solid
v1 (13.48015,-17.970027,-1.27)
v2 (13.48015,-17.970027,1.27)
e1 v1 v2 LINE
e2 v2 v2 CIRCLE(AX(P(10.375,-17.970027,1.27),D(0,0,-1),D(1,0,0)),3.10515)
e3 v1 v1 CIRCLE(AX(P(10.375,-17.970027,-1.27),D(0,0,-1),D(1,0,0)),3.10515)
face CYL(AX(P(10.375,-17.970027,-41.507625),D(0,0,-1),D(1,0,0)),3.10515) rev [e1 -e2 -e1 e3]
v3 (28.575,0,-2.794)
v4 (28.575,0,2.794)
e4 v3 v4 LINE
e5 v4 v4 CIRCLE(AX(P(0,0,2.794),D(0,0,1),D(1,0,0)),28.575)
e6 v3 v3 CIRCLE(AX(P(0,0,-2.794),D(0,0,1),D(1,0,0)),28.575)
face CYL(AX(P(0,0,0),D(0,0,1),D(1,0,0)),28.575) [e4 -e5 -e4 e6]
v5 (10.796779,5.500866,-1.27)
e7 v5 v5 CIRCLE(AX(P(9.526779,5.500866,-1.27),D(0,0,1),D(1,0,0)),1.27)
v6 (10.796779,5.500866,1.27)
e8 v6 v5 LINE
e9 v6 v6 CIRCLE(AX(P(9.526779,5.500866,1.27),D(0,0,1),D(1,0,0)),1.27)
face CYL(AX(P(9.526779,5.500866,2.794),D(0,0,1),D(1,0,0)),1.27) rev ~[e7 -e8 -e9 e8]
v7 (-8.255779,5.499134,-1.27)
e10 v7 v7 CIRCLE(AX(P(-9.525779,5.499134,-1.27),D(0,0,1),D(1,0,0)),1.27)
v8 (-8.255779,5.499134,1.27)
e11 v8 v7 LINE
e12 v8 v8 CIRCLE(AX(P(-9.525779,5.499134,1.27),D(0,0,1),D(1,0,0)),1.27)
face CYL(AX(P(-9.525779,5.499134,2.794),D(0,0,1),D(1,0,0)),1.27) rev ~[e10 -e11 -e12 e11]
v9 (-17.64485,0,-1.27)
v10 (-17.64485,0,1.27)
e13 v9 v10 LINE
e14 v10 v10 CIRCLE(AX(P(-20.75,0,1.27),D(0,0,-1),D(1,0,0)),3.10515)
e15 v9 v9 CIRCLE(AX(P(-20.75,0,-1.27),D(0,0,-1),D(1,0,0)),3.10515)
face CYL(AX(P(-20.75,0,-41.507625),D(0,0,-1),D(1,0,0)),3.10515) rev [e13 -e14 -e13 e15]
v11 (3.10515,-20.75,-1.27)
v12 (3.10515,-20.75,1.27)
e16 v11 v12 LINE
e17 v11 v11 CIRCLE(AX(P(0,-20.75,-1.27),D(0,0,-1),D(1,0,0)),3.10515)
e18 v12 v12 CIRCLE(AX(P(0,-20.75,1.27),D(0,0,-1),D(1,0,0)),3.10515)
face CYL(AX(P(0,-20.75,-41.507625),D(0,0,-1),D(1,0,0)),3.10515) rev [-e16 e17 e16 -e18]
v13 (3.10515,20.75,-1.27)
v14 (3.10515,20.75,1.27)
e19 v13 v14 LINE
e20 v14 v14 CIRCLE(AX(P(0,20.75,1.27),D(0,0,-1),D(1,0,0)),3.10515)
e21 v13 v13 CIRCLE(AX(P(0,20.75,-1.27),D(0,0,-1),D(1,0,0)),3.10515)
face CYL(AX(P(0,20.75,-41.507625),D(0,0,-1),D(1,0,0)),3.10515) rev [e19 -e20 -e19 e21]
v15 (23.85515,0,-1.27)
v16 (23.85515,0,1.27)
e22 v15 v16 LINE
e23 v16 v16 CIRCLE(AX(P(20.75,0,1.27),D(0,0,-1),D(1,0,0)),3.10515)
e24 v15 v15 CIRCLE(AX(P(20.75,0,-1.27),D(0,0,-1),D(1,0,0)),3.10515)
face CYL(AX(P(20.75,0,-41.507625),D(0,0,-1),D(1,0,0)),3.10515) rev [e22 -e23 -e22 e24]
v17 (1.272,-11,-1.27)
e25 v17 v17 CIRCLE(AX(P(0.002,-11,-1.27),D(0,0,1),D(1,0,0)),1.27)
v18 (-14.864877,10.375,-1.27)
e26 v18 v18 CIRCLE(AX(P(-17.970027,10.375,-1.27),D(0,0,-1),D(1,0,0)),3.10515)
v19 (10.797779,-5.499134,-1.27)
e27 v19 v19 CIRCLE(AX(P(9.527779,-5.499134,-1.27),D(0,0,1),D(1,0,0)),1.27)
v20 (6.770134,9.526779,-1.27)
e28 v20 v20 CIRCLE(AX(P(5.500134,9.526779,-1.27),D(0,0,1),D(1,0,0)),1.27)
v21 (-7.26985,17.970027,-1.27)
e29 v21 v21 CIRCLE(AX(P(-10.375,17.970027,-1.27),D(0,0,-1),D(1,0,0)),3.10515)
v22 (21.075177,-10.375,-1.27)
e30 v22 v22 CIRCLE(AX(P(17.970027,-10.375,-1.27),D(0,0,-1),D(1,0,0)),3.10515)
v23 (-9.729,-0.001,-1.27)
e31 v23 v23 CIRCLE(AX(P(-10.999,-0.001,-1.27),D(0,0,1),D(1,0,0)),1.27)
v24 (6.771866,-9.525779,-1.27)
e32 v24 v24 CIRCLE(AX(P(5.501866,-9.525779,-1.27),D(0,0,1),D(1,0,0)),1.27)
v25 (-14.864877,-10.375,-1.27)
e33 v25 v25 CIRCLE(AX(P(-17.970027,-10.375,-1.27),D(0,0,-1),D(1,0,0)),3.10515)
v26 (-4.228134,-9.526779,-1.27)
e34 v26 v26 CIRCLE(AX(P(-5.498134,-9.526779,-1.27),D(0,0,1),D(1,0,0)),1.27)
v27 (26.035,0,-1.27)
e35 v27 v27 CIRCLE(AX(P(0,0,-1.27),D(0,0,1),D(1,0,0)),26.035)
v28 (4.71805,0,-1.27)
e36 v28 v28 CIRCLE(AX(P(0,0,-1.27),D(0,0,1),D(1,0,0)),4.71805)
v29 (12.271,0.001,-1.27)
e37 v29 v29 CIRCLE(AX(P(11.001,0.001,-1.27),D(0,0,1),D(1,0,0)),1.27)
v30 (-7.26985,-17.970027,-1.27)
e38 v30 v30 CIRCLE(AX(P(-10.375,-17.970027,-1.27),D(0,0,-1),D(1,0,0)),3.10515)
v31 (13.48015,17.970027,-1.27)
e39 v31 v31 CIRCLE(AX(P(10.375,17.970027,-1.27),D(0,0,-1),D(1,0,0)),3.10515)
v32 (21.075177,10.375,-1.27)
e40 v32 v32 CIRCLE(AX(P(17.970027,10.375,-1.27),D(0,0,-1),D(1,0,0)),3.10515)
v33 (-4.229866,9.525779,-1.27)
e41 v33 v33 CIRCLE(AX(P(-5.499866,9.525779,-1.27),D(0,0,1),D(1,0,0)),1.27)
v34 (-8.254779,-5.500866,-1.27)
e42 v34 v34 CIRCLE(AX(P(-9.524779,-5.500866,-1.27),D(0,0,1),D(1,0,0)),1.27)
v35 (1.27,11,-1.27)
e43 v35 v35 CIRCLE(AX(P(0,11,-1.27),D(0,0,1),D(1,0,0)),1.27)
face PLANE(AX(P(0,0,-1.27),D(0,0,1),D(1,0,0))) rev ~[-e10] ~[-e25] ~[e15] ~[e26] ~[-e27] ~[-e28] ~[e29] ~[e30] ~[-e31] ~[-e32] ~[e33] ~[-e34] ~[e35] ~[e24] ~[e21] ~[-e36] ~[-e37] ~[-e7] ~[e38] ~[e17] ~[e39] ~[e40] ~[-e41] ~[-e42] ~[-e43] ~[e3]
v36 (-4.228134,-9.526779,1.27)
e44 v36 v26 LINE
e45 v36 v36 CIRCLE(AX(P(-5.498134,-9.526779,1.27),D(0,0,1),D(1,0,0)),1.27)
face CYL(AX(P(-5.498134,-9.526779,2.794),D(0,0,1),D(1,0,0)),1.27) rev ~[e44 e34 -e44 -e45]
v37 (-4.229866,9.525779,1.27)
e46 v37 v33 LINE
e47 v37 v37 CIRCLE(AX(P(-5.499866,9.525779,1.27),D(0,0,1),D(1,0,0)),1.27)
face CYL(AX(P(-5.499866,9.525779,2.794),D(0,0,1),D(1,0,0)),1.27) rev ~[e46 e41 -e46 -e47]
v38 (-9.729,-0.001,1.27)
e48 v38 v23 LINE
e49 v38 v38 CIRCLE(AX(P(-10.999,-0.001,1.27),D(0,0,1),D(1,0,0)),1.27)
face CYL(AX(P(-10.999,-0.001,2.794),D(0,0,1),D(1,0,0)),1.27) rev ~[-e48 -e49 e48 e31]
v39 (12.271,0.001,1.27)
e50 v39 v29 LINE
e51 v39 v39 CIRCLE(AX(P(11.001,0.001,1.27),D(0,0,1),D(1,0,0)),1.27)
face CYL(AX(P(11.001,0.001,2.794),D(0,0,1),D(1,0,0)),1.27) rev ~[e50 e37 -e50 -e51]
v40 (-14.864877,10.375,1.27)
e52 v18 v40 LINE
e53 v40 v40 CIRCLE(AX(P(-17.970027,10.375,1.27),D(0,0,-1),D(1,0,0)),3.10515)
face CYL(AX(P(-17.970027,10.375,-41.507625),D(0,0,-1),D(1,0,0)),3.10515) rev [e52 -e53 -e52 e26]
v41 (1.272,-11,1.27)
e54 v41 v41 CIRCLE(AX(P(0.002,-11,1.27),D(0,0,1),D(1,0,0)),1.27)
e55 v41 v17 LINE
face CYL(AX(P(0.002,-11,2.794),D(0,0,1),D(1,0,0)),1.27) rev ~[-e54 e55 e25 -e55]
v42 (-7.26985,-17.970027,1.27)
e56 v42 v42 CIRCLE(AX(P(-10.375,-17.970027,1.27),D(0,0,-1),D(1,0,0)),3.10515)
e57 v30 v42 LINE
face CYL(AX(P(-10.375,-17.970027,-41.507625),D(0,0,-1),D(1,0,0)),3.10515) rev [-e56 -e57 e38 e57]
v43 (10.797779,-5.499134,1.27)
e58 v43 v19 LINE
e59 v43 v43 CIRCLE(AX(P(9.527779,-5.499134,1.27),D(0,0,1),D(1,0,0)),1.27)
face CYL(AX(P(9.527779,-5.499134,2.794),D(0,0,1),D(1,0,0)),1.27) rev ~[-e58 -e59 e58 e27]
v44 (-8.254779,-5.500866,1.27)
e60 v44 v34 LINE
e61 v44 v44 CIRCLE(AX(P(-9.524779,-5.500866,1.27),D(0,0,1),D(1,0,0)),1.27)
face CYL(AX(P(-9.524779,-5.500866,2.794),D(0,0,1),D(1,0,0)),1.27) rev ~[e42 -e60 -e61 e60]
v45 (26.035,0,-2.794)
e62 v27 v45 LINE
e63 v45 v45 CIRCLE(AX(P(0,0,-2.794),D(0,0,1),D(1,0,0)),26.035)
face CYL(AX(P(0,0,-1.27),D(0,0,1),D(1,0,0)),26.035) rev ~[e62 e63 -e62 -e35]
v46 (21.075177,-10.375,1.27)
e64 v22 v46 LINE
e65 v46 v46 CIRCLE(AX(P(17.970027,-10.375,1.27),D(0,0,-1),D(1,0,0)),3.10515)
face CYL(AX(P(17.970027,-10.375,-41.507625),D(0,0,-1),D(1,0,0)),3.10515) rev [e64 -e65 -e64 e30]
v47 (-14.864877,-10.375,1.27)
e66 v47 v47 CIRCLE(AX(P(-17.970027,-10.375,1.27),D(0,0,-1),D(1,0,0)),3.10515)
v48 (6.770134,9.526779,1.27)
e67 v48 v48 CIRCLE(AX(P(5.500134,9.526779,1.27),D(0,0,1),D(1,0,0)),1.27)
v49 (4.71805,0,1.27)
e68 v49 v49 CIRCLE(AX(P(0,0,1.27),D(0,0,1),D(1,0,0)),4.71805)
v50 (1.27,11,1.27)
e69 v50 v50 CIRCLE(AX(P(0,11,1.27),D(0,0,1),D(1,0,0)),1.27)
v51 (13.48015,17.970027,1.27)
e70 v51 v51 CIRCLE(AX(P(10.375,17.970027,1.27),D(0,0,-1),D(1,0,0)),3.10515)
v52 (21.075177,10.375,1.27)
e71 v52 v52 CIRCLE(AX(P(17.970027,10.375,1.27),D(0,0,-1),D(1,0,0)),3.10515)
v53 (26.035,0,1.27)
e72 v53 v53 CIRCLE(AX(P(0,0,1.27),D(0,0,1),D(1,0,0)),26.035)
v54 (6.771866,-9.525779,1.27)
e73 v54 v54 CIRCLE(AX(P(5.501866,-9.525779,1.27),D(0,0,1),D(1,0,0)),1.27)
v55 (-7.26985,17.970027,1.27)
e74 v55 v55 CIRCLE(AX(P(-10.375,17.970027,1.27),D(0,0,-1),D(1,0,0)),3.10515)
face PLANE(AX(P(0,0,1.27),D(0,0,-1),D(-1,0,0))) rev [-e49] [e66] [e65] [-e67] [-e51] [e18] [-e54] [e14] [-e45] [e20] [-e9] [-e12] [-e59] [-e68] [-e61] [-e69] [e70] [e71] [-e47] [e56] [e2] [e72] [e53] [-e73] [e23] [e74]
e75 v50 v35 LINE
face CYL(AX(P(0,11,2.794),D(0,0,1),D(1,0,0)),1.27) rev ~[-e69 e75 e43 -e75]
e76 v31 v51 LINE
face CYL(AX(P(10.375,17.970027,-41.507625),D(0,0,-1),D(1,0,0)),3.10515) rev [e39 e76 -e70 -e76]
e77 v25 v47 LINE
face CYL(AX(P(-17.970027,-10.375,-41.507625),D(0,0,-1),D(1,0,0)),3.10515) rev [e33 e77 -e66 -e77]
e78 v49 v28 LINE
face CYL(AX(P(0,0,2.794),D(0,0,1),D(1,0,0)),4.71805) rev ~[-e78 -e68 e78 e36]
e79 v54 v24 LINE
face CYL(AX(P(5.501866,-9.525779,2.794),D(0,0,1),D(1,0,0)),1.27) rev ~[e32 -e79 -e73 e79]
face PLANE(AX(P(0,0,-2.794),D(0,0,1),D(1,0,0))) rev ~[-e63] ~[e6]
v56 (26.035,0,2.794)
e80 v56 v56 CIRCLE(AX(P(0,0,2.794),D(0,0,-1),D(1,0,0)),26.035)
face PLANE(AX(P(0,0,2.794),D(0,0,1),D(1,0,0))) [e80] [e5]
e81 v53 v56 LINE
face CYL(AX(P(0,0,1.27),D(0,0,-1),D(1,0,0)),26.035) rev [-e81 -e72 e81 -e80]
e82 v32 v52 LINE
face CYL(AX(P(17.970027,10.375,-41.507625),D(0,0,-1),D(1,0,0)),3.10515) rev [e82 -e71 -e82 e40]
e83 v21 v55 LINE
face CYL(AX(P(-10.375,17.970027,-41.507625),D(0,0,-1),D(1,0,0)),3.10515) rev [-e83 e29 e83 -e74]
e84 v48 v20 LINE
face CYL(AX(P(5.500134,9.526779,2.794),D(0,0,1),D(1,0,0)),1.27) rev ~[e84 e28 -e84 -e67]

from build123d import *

# Parameters (mm, degrees)
SKETCH1_R               = 28.575
BOSS_EXTRUDE1_DEPTH     = 2.794
SKETCH2_R               = 4.71805
SKETCH2_R_2             = 1.27
CUT_EXTRUDE1_DEPTH      = 41.795673717
CUT_EXTRUDE2_START      = -1.27
SKETCH3_R               = 26.035
CUT_EXTRUDE2_DEPTH      = 1.651
CUT_EXTRUDE3_DEPTH      = 41.507625035
CUT_EXTRUDE3_DEPTH_BACK = 41.507625035
SKETCH4_R               = 3.10515


with BuildPart() as part:
    # Sketch1 → Boss-Extrude1 (new, symmetric)
    with BuildSketch(Plane.XY):
        Circle(SKETCH1_R)
    extrude(amount=BOSS_EXTRUDE1_DEPTH, both=True)

    # Sketch2 → Cut-Extrude1 (cut, through all)
    with BuildSketch(Plane.XY.offset(2.794)):
        Circle(SKETCH2_R)
        with Locations((0, 11)):
            Circle(SKETCH2_R_2)
        with Locations((5.500133975, 9.526779442)):
            Circle(SKETCH2_R_2)
        with Locations((9.526779442, 5.500866025)):
            Circle(SKETCH2_R_2)
        with Locations((11.001, 0.001)):
            Circle(SKETCH2_R_2)
        with Locations((9.527779442, -5.499133975)):
            Circle(SKETCH2_R_2)
        with Locations((5.501866025, -9.525779442)):
            Circle(SKETCH2_R_2)
        with Locations((0.002, -11)):
            Circle(SKETCH2_R_2)
        with Locations((-5.498133975, -9.526779442)):
            Circle(SKETCH2_R_2)
        with Locations((-9.524779442, -5.500866025)):
            Circle(SKETCH2_R_2)
        with Locations((-10.999, -0.001)):
            Circle(SKETCH2_R_2)
        with Locations((-9.525779442, 5.499133975)):
            Circle(SKETCH2_R_2)
        with Locations((-5.499866025, 9.525779442)):
            Circle(SKETCH2_R_2)
    extrude(amount=-CUT_EXTRUDE1_DEPTH, mode=Mode.SUBTRACT)

    # Sketch3 → Cut-Extrude2 (cut)
    with BuildSketch(Plane.XY.offset(CUT_EXTRUDE2_START)):
        Circle(SKETCH3_R)
    cut_extrude2 = extrude(amount=-CUT_EXTRUDE2_DEPTH, mode=Mode.SUBTRACT)

    # Mirror1: Cut-Extrude2 across plane
    add(cut_extrude2.mirror(Plane.XY), mode=Mode.SUBTRACT)

    # Sketch4 → Cut-Extrude3 (cut, two sides: drawn at the far end of the back side and taken through both)
    with BuildSketch(Plane.XY.offset(-CUT_EXTRUDE3_DEPTH_BACK)):
        with Locations((0, 20.75)):
            Circle(SKETCH4_R)
        with Locations((10.375, 17.970027129)):
            Circle(SKETCH4_R)
        with Locations((17.970027129, 10.375)):
            Circle(SKETCH4_R)
        with Locations((20.75, 0)):
            Circle(SKETCH4_R)
        with Locations((17.970027129, -10.375)):
            Circle(SKETCH4_R)
        with Locations((10.375, -17.970027129)):
            Circle(SKETCH4_R)
        with Locations((0, -20.75)):
            Circle(SKETCH4_R)
        with Locations((-10.375, -17.970027129)):
            Circle(SKETCH4_R)
        with Locations((-17.970027129, -10.375)):
            Circle(SKETCH4_R)
        with Locations((-20.75, 0)):
            Circle(SKETCH4_R)
        with Locations((-17.970027129, 10.375)):
            Circle(SKETCH4_R)
        with Locations((-10.375, 17.970027129)):
            Circle(SKETCH4_R)
    extrude(amount=CUT_EXTRUDE3_DEPTH + CUT_EXTRUDE3_DEPTH_BACK, mode=Mode.SUBTRACT)


solid = part.part
